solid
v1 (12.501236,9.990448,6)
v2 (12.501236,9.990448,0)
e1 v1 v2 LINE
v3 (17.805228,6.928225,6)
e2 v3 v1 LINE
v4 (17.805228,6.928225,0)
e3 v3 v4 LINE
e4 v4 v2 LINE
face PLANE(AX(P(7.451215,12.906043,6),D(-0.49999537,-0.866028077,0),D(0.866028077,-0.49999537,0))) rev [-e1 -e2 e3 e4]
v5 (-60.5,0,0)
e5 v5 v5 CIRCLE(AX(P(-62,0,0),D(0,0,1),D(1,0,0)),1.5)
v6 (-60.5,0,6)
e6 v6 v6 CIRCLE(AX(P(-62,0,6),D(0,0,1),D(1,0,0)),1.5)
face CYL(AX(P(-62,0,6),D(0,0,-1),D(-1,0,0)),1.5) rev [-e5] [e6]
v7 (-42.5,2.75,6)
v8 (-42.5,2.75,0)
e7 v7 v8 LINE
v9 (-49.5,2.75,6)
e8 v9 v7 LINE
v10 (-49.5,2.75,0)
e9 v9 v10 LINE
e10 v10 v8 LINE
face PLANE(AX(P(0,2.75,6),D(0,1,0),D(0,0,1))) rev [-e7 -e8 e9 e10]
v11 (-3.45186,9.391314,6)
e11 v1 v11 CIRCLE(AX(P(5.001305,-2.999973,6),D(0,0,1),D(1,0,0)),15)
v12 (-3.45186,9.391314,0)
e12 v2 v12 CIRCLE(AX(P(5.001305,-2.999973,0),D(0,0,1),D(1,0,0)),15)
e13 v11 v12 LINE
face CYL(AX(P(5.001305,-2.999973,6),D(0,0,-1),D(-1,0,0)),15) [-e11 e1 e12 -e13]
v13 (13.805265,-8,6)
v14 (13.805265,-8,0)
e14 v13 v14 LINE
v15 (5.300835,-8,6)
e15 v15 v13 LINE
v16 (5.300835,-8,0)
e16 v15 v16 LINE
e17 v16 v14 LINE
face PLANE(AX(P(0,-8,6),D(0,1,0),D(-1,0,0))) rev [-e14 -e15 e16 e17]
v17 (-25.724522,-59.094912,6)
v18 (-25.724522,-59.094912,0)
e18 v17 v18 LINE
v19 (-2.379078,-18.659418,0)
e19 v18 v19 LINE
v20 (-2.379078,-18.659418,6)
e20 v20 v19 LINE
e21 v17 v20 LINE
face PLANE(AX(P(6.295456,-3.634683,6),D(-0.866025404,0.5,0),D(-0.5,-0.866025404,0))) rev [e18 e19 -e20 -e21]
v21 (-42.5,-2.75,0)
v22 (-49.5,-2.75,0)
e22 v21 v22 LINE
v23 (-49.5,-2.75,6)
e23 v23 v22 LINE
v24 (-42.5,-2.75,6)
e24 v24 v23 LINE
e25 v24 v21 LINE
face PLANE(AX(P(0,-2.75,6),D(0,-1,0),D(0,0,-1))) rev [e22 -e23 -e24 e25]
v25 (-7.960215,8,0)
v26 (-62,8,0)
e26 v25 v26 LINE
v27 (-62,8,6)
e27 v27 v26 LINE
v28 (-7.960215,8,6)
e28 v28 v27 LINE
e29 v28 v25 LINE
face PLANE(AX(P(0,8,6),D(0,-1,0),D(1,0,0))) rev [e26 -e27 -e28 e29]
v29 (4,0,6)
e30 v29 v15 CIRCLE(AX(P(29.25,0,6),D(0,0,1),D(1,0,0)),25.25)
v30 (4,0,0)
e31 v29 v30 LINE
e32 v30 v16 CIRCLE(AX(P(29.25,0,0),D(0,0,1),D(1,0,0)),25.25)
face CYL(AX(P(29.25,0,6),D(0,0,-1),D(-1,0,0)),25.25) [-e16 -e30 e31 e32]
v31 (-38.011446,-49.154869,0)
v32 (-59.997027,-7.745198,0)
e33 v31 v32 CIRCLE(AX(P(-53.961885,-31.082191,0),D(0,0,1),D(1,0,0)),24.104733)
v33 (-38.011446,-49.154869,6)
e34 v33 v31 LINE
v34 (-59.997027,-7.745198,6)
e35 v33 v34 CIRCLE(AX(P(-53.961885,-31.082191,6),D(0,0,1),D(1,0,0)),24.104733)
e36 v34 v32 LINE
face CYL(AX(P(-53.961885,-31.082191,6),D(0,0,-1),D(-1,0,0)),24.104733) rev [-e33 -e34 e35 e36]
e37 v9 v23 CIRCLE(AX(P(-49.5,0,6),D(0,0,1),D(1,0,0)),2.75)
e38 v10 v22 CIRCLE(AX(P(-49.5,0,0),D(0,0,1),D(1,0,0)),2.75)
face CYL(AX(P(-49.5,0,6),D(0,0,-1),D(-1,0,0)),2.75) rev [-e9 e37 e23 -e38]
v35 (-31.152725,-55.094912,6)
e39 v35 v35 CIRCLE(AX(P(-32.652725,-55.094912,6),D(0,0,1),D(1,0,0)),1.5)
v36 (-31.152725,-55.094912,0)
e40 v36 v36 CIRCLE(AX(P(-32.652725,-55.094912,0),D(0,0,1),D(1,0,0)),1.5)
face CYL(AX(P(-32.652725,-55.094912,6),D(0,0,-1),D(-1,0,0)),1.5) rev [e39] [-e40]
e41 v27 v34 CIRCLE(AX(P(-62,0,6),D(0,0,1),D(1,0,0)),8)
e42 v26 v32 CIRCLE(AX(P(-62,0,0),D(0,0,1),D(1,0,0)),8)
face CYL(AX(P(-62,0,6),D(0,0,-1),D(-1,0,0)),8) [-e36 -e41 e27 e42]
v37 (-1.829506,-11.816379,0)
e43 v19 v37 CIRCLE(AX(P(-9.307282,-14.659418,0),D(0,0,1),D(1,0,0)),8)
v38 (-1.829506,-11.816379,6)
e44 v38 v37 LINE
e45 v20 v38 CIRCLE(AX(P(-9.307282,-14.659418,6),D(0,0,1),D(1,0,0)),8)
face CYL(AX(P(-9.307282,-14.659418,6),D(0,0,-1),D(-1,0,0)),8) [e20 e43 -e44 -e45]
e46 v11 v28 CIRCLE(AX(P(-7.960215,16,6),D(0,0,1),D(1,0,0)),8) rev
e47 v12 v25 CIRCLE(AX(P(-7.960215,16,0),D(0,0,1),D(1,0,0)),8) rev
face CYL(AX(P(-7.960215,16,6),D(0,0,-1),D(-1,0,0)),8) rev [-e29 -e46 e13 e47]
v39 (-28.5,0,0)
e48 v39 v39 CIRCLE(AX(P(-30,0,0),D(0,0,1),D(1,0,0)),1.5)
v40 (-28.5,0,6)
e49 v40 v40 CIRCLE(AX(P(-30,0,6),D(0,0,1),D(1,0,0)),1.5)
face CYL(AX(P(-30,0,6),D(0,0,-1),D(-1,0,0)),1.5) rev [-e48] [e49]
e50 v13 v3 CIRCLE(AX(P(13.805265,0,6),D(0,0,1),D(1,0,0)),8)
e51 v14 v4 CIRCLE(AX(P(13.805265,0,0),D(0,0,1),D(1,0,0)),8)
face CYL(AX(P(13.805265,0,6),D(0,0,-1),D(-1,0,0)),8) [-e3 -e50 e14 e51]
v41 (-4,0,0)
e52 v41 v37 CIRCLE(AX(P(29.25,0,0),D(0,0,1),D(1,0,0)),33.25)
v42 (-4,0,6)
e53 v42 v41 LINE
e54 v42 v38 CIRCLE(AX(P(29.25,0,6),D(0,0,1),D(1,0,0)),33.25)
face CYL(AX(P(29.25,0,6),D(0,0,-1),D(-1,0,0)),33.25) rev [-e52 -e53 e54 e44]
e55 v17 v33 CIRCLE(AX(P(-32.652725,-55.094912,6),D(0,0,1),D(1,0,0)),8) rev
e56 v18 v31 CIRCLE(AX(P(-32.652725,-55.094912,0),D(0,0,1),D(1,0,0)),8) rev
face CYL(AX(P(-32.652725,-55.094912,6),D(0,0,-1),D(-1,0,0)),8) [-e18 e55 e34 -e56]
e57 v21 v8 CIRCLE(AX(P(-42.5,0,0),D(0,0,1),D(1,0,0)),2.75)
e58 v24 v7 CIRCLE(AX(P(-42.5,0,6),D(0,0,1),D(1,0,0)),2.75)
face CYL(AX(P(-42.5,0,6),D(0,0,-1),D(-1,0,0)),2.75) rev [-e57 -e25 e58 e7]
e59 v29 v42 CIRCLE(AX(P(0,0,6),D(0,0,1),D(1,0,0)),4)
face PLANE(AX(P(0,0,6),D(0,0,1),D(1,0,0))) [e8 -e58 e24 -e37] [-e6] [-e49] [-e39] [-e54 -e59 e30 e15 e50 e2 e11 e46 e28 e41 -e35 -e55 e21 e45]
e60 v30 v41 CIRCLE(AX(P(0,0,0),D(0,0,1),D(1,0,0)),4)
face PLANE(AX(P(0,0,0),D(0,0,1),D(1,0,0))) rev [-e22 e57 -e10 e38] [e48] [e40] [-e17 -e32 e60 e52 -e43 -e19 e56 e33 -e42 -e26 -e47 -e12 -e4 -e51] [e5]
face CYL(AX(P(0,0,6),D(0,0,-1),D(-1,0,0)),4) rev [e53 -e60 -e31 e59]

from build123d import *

# Parameters (mm, degrees)
SKETCH1_R           = 1.5
BOSS_EXTRUDE1_DEPTH = 6


with BuildPart() as part:
    # Sketch1 → Boss-Extrude1 (new body)
    # profile 1 of 2: a face of its own
    with BuildSketch(Plane.XY):
        with BuildLine():
            ThreePointArc((4, 0), (4.32733046, -4.052535377), (5.300835088, -8))
            Line((5.300835088, -8), (13.805264562, -8))
            ThreePointArc((13.805264562, -8), (21.532676707, -2.070531706), (17.805227526, 6.928224613))
            Line((17.805227526, 6.928224613), (12.501235753, 9.990447886))
            ThreePointArc((12.501235753, 9.990447886), (4.438362285, 11.989459523), (-3.451860404, 9.391313647))
            ThreePointArc((-3.451860404, 9.391313647), (-9.98812759, -3.562916176), (-2.498625359, -15.990394414))
            Line((-2.498625359, -15.990394414), (-1.533326535, -16.54770307))
            ThreePointArc((-1.533326535, -16.54770307), (-1.322910636, -14.159598792), (-1.82950584, -11.816379171))
            ThreePointArc((-1.82950584, -11.816379171), (-3.45287502, -6.00703466), (-4, 0))
            ThreePointArc((-4, 0), (0, 4), (4, 0))
        make_face()
    # profile 2 of 2: a face of its own
    with BuildSketch(Plane.XY):
        with BuildLine():
            ThreePointArc((-2.498625359, -15.990394414), (-9.98812759, -3.562916176), (-3.451860404, 9.391313647))
            ThreePointArc((-3.451860404, 9.391313647), (-5.601136209, 8.355737746), (-7.960215392, 8))
            Line((-7.960215392, 8), (-62, 8))
            ThreePointArc((-62, 8), (-65.911631869, 6.978476633), (-68.824307899, 4.17478403))
            ThreePointArc((-68.824307899, 4.17478403), (-68.429059963, -4.761007035), (-59.997026703, -7.745198382))
            ThreePointArc((-59.997026703, -7.745198382), (-32.671781582, -19.77866562), (-38.011446212, -49.154869194))
            ThreePointArc((-38.011446212, -49.154869194), (-40.527279582, -53.683744804), (-39.740705478, -58.804431575))
            ThreePointArc((-39.740705478, -58.804431575), (-32.818486758, -63.093194538), (-25.724521947, -59.094912029))
            Line((-25.724521947, -59.094912029), (-2.379078452, -18.659417769))
            ThreePointArc((-2.379078452, -18.659417769), (-1.880761637, -17.633774846), (-1.533326535, -16.54770307))
            Line((-1.533326535, -16.54770307), (-2.498625359, -15.990394414))
        make_face()
        with Locations((-32.652725178, -55.094912029)):
            Circle(SKETCH1_R, mode=Mode.SUBTRACT)
        with Locations((-62, 0)):
            Circle(SKETCH1_R, mode=Mode.SUBTRACT)
        with BuildLine():
            ThreePointArc((-49.5, -2.75), (-52.25, 0), (-49.5, 2.75))
            Line((-49.5, 2.75), (-42.5, 2.75))
            ThreePointArc((-42.5, 2.75), (-39.75, 0), (-42.5, -2.75))
            Line((-42.5, -2.75), (-49.5, -2.75))
        make_face(mode=Mode.SUBTRACT)
        with Locations((-30, 0)):
            Circle(SKETCH1_R, mode=Mode.SUBTRACT)
    extrude(amount=BOSS_EXTRUDE1_DEPTH)


solid = part.part
